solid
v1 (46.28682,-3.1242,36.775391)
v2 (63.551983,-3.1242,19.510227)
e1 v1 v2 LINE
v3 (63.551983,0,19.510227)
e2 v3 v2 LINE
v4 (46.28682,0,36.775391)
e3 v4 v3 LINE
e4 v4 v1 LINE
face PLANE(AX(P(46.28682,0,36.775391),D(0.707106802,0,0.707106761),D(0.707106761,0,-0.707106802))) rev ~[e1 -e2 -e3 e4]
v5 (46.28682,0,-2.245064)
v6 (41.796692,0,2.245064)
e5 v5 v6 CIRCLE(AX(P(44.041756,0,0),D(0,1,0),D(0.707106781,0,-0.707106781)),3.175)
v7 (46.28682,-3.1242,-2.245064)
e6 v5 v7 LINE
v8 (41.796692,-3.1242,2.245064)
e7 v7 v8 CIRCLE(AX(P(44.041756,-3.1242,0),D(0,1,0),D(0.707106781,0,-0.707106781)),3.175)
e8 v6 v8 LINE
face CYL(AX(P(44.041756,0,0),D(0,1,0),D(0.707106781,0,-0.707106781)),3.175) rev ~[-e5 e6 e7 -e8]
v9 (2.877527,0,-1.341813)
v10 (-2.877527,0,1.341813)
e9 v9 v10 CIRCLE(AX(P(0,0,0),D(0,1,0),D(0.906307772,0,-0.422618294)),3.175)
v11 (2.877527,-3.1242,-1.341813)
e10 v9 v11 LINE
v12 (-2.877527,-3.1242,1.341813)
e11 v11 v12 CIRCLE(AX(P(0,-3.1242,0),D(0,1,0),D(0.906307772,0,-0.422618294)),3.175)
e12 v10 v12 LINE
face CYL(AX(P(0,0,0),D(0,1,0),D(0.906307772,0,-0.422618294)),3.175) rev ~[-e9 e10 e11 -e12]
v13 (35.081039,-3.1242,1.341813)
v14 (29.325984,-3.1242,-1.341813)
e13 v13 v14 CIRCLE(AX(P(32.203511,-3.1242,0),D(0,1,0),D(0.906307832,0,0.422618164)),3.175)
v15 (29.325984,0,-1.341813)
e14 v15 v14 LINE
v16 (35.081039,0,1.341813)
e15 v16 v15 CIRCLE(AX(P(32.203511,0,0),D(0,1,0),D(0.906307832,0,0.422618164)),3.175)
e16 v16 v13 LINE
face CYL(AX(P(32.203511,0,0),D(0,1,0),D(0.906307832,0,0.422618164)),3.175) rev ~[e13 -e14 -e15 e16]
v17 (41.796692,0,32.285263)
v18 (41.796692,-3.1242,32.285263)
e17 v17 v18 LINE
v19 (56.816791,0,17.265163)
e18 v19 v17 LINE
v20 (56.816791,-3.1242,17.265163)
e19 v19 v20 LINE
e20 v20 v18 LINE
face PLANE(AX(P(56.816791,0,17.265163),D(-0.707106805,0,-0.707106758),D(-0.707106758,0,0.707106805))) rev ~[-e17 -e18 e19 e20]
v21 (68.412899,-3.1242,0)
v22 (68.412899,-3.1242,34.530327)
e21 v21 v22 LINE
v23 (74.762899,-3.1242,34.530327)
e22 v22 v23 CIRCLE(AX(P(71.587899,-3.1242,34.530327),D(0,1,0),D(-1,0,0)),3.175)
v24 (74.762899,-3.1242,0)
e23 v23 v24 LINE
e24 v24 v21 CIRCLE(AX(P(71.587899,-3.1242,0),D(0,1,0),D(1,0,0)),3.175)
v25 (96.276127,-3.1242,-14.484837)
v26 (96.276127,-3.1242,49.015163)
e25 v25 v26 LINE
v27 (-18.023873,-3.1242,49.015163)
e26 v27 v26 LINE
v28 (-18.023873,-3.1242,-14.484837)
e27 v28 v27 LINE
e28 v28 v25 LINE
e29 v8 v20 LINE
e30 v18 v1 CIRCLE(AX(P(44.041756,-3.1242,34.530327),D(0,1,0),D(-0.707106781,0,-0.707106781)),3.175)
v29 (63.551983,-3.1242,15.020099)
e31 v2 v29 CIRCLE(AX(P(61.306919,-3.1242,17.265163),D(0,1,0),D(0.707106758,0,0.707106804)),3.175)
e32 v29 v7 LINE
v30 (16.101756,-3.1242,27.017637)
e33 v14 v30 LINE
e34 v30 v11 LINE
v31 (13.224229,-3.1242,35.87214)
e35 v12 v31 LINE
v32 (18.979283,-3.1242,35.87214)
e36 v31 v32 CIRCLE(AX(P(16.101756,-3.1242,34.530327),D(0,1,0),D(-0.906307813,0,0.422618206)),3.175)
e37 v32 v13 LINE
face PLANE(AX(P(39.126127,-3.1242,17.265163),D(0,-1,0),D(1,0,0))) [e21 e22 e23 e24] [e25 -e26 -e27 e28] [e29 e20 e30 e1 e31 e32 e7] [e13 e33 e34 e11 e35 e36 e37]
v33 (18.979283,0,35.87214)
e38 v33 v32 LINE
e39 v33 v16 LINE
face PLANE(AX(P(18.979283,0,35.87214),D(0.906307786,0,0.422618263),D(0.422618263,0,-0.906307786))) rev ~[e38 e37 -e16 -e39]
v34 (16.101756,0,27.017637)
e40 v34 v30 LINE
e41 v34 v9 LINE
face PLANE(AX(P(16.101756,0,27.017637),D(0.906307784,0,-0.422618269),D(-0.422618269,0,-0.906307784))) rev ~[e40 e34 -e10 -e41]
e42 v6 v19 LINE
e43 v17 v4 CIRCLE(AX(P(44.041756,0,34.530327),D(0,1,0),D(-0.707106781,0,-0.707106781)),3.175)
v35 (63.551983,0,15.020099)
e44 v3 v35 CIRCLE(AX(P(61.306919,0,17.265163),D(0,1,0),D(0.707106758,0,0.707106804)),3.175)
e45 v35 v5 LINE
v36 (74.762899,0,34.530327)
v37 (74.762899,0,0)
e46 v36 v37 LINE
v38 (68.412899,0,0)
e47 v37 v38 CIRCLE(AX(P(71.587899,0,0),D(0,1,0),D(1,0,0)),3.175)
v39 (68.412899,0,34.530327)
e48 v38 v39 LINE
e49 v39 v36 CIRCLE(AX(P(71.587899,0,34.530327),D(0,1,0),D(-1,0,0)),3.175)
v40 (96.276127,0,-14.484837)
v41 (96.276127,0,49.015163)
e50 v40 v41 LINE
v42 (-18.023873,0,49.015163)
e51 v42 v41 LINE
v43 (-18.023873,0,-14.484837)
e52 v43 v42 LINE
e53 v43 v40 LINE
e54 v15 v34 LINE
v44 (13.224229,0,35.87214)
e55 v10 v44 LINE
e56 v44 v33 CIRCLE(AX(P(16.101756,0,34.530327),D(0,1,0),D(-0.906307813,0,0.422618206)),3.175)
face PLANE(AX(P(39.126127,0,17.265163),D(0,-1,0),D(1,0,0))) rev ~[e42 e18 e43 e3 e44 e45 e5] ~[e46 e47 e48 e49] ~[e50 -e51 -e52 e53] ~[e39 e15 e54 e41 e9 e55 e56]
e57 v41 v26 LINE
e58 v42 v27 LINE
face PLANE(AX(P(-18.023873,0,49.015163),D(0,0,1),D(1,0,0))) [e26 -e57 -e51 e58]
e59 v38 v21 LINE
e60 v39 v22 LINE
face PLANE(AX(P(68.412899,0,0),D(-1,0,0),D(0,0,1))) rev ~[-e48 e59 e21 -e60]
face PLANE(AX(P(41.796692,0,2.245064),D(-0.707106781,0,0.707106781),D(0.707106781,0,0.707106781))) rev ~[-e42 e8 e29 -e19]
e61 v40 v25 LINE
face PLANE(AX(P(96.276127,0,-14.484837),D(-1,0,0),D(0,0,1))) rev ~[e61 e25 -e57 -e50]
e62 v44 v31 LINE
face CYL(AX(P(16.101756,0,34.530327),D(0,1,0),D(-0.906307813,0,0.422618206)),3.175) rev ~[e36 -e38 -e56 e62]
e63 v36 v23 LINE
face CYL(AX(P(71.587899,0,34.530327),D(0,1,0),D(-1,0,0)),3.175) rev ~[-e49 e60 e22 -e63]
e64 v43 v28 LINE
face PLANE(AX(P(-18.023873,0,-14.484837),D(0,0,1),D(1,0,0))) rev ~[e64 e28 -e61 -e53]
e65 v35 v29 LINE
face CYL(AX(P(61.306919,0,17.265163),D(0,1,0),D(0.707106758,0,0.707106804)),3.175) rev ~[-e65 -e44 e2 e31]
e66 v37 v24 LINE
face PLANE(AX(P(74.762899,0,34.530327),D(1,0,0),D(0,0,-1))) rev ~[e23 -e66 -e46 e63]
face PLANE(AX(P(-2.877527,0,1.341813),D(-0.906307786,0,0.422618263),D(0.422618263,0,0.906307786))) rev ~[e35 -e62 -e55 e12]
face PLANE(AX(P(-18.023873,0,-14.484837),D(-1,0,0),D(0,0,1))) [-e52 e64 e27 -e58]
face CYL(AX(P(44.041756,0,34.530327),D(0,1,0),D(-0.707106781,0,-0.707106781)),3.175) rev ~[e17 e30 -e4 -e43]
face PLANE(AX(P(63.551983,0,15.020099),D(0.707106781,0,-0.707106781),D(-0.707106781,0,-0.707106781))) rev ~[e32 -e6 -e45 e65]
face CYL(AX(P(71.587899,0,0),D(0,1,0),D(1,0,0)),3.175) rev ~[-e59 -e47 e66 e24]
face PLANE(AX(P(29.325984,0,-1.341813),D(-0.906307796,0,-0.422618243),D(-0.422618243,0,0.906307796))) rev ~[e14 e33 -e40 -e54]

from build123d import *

# Parameters (mm, degrees)
F0_W     = 114.3
F0_H     = 63.5
F1_DEPTH = 3.1242


with BuildPart() as f1:
    # F0 (on Front) → F1 (new body)
    with BuildSketch(Plane.XZ):
        with Locations((39.126127, 17.265163)):
            Rectangle(F0_W, F0_H)
        with BuildLine():
            ThreePointArc((46.28682, -2.245064), (41.796692, -2.245064), (41.796692, 2.245064))
            Line((41.796692, 2.245064), (56.816791, 17.265163))
            Line((56.816791, 17.265163), (41.796692, 32.285263))
            ThreePointArc((41.796692, 32.285263), (41.796692, 36.775391), (46.28682, 36.775391))
            Line((46.28682, 36.775391), (63.551983, 19.510227))
            ThreePointArc((63.551983, 19.510227), (64.481919, 17.265163), (63.551983, 15.020099))
            Line((63.551983, 15.020099), (46.28682, -2.245064))
        make_face(mode=Mode.SUBTRACT)
        with BuildLine():
            ThreePointArc((74.762899, 0), (71.587899, -3.175), (68.412899, 0))
            Line((68.412899, 0), (68.412899, 17.265163))
            Line((68.412899, 17.265163), (68.412899, 34.530327))
            ThreePointArc((68.412899, 34.530327), (71.587899, 37.705327), (74.762899, 34.530327))
            Line((74.762899, 34.530327), (74.762899, 17.265163))
            Line((74.762899, 17.265163), (74.762899, 0))
        make_face(mode=Mode.SUBTRACT)
        with BuildLine():
            ThreePointArc((2.877527, -1.341813), (-1.341813, -2.877527), (-2.877527, 1.341813))
            Line((-2.877527, 1.341813), (13.224229, 35.87214))
            ThreePointArc((13.224229, 35.87214), (16.101756, 37.705327), (18.979283, 35.87214))
            Line((18.979283, 35.87214), (35.081039, 1.341813))
            ThreePointArc((35.081039, 1.341813), (33.545325, -2.877527), (29.325984, -1.341813))
            Line((29.325984, -1.341813), (16.101756, 27.017637))
            Line((16.101756, 27.017637), (2.877527, -1.341813))
        make_face(mode=Mode.SUBTRACT)
    extrude(amount=F1_DEPTH)


solid = f1.part
